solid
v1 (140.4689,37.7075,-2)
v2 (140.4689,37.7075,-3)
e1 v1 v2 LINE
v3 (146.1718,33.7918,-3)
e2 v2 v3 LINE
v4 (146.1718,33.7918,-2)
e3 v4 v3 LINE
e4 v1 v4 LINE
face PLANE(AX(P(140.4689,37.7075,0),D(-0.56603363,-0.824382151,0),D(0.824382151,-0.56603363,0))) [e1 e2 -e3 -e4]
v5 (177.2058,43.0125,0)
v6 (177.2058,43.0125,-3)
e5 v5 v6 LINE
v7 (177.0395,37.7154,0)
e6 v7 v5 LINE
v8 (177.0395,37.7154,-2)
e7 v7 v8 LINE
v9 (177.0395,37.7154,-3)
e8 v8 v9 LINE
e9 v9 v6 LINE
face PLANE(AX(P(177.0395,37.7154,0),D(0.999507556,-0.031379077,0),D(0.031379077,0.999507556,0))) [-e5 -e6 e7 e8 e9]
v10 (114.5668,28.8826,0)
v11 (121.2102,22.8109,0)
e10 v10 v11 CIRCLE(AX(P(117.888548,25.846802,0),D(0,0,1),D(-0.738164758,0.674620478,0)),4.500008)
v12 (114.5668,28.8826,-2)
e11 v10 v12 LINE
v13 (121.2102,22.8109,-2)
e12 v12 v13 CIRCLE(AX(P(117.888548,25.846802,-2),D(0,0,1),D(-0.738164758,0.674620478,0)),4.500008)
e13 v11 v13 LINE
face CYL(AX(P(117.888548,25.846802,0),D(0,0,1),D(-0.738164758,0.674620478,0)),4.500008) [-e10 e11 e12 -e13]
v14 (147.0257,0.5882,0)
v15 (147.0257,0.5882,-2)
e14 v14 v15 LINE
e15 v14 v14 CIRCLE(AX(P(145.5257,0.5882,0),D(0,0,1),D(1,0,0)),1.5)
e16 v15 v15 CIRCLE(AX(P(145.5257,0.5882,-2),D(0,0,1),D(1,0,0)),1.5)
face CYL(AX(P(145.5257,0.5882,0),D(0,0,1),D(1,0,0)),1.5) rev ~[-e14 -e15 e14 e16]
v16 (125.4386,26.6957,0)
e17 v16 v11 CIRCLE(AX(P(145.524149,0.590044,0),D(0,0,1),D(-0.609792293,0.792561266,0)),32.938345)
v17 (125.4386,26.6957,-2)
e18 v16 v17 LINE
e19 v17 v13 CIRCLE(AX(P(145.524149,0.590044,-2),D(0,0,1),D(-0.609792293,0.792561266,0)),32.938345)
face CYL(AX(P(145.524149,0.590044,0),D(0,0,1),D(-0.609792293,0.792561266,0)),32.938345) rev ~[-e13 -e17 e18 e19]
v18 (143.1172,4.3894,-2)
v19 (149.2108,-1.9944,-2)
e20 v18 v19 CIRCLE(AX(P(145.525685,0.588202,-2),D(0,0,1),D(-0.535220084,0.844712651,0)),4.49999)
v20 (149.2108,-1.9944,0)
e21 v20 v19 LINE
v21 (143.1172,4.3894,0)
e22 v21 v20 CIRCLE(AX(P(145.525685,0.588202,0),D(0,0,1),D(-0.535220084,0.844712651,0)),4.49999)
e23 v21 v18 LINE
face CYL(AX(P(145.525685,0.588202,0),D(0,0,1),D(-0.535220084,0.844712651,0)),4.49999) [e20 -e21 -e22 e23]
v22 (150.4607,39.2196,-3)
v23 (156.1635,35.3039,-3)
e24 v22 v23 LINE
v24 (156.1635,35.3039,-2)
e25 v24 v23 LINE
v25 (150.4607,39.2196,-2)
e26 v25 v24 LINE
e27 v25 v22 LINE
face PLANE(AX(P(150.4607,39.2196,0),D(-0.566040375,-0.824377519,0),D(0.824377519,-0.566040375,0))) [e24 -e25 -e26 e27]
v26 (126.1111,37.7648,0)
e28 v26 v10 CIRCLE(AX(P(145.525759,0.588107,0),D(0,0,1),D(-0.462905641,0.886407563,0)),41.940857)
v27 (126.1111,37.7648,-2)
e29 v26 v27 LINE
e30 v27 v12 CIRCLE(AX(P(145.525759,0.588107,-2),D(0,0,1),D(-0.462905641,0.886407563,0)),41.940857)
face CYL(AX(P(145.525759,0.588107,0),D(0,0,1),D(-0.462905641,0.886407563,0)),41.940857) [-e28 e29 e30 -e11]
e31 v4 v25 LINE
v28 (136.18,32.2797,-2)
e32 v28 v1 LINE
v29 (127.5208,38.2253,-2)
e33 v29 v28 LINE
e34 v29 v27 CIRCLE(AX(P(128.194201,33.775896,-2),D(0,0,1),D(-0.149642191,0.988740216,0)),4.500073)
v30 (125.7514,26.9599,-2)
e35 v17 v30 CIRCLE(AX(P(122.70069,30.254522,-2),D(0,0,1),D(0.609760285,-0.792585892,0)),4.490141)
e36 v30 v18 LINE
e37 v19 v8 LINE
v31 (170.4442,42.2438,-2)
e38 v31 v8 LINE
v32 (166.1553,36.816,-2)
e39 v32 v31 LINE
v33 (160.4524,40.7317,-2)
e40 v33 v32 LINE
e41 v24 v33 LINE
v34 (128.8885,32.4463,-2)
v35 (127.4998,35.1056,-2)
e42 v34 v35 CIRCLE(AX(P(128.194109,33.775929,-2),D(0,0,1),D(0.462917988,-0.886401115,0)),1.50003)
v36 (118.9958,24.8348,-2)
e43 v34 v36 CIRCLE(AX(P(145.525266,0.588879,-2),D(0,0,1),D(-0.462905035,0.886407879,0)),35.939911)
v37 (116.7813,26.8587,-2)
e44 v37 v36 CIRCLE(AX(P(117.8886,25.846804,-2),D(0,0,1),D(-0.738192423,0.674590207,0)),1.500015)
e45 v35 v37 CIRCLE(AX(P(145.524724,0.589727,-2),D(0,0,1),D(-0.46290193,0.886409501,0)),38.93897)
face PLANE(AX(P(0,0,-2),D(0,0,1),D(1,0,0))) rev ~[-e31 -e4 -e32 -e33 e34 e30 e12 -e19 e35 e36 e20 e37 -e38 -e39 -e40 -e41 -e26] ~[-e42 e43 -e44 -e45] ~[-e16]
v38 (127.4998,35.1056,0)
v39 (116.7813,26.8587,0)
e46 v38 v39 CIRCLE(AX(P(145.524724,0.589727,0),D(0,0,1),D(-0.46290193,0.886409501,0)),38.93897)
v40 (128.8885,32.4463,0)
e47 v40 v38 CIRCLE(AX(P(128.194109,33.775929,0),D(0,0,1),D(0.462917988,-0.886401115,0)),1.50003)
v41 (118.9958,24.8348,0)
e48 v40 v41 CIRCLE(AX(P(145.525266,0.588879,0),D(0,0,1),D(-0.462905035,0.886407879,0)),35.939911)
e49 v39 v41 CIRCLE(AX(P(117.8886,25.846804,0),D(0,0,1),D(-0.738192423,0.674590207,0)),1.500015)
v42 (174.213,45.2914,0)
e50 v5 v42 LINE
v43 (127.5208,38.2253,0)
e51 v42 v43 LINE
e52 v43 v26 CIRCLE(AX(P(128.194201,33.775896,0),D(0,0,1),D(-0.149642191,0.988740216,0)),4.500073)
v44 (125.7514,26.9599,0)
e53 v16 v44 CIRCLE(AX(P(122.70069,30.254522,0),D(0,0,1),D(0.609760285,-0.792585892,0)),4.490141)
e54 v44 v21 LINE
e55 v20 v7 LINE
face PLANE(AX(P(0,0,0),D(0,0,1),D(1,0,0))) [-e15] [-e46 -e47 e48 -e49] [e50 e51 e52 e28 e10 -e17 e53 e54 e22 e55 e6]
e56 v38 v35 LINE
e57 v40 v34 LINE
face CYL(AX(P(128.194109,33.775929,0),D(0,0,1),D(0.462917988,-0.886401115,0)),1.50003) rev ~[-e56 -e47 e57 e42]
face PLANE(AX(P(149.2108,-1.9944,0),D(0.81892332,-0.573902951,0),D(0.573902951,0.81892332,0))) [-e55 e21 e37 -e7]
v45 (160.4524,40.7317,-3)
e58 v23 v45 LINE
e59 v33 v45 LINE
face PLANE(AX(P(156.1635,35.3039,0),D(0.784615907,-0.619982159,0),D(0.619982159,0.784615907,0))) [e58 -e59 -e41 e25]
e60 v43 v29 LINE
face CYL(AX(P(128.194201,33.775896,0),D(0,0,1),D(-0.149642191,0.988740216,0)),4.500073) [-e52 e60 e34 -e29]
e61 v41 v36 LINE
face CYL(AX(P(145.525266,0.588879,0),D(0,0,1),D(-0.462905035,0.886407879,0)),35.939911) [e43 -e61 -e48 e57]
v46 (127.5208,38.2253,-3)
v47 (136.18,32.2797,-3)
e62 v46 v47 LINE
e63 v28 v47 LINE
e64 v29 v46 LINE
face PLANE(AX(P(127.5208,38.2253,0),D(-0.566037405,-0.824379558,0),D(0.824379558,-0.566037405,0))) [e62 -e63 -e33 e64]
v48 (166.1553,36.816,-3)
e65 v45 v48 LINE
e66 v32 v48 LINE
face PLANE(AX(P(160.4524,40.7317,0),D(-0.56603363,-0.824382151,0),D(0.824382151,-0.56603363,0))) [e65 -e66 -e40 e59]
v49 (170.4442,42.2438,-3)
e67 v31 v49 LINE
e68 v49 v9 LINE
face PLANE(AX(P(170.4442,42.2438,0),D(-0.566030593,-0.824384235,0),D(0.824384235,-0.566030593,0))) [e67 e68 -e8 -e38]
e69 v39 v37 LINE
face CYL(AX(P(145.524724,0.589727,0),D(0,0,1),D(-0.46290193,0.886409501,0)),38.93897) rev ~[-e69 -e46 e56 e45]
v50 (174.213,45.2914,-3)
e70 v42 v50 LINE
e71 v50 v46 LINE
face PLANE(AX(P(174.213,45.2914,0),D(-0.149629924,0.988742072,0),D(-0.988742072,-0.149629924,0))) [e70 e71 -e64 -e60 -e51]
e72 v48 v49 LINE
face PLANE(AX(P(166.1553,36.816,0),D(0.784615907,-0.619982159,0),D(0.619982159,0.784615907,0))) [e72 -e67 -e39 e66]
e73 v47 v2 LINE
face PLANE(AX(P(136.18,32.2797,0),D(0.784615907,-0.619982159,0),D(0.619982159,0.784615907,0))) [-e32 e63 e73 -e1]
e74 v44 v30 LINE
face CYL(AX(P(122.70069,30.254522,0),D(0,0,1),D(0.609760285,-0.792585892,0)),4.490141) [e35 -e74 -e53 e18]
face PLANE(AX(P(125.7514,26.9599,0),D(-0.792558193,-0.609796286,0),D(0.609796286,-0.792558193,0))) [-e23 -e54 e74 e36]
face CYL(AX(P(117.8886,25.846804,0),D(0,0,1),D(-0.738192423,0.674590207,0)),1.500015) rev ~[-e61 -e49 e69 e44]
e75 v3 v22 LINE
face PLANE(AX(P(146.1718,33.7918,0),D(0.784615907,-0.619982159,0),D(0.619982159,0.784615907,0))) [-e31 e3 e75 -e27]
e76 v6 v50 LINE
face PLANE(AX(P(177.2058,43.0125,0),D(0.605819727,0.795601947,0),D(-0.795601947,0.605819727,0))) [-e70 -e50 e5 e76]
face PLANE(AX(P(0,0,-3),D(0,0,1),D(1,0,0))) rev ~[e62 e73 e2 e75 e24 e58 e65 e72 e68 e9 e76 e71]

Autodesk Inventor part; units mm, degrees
ref_plane "YZ Plane" through (0, 0, 0) normal (1, 0, 0) x (0, 1, 0)
ref_plane "XZ Plane" through (0, 0, 0) normal (0, 1, 0) x (-1, 0, 0)
ref_plane "XY Plane" through (0, 0, 0) normal (0, 0, 1) x (1, 0, 0)
sketch "スケッチ1" plane through (0, 0, 0) normal (0, 0, 1) x (1, 0, 0)
  line L0 (174.213, 45.2914) -> (127.5208, 38.2253)
  arc A0 (127.5208, 38.2253) -> (126.1111, 37.7648) centre (128.1942, 33.7759) ccw
  arc A1 (126.1111, 37.7648) -> (114.5668, 28.8826) centre (145.5257, 0.5882) ccw
  arc A2 (114.5668, 28.8826) -> (121.2102, 22.8109) centre (117.8885, 25.8468) ccw
  arc A3 (125.4386, 26.6957) -> (121.2102, 22.8109) centre (145.5257, 0.5882) ccw
  arc A4 (125.4386, 26.6957) -> (125.7514, 26.9599) centre (122.6945, 30.2622) ccw
  line L1 (125.7514, 26.9599) -> (143.1172, 4.3894)
  arc A5 (143.1172, 4.3894) -> (149.2108, -1.9944) centre (145.5257, 0.5882) ccw
  line L2 (149.2108, -1.9944) -> (177.0395, 37.7154)
  line L3 (177.0395, 37.7154) -> (177.2058, 43.0125)
  line L4 (177.2058, 43.0125) -> (174.213, 45.2914)
  circle A6 centre (145.5257, 0.5882) radius 1.5
  arc A7 (116.7813, 26.8587) -> (118.9958, 24.8348) centre (117.8885, 25.8468) ccw
  arc A8 (127.4998, 35.1056) -> (116.7813, 26.8587) centre (145.5257, 0.5882) ccw
  arc A9 (128.8885, 32.4463) -> (127.4998, 35.1056) centre (128.1942, 33.7759) ccw
  arc A10 (128.8885, 32.4463) -> (118.9958, 24.8348) centre (145.5257, 0.5882) ccw
  line L5 (174.213, 45.2914) -> (127.5208, 38.2253)
  line L6 (177.0395, 37.7154) -> (177.2058, 43.0125)
  line L7 (125.7514, 26.9599) -> (143.1172, 4.3894)
  line L8 (127.5208, 38.2253) -> (136.18, 32.2797)
  line L9 (136.18, 32.2797) -> (140.4689, 37.7075)
  line L10 (140.4689, 37.7075) -> (146.1718, 33.7918)
  line L11 (146.1718, 33.7918) -> (150.4607, 39.2196)
  line L12 (150.4607, 39.2196) -> (156.1635, 35.3039)
  line L13 (156.1635, 35.3039) -> (160.4524, 40.7317)
  line L14 (160.4524, 40.7317) -> (166.1553, 36.816)
  line L15 (166.1553, 36.816) -> (170.4442, 42.2438)
  line L16 (136.18, 32.2797) -> (166.1553, 36.816) construction
  line L17 (170.4442, 42.2438) -> (177.0395, 37.7154)
  line L18 (150.0297, -2.5683) -> (177.8584, 37.1415)
  arc A11 (141.7229, 4.5617) -> (150.0297, -2.5683) centre (145.5257, 0.5882) ccw
  line L19 (125.5834, 25.5384) -> (141.7229, 4.5617)
  arc A12 (126.4864, 39.0041) -> (125.6482, 38.6512) centre (128.1942, 33.7759) ccw
  arc A13 (125.6482, 38.6512) -> (113.8286, 29.5572) centre (145.5257, 0.5882) ccw
  arc A14 (113.8286, 29.5572) -> (121.9484, 22.1363) centre (117.8885, 25.8468) ccw
  arc A15 (125.5834, 25.5384) -> (121.9484, 22.1363) centre (145.5257, 0.5882) ccw
  line L20 (177.0395, 37.7154) -> (177.8584, 37.1415)
  line L21 (127.5208, 38.2253) -> (126.4864, 39.0041)
  point P0 (0, 0)
  point P1 (0, 0)
  dimension "d4" = 1
  dimension "d5" = 1
  dimension "d6" = 1
  dimension "d7" = 1
extrude "押し出し1" add sketch "スケッチ1" against normal blind 2 contours L8 L9 L10 L11 L12 L13 L14 L15 L17 L2 A5 L1 A4 A3 A2 A1 A0
extrude "押し出し2" add sketch "スケッチ1" against normal blind 3 contours L4 L3 L17 L15 L14 L13 L12 L11 L10 L9 L8 L0
properties part number "転倒補助" material "ポリカーボネート、クリア"
